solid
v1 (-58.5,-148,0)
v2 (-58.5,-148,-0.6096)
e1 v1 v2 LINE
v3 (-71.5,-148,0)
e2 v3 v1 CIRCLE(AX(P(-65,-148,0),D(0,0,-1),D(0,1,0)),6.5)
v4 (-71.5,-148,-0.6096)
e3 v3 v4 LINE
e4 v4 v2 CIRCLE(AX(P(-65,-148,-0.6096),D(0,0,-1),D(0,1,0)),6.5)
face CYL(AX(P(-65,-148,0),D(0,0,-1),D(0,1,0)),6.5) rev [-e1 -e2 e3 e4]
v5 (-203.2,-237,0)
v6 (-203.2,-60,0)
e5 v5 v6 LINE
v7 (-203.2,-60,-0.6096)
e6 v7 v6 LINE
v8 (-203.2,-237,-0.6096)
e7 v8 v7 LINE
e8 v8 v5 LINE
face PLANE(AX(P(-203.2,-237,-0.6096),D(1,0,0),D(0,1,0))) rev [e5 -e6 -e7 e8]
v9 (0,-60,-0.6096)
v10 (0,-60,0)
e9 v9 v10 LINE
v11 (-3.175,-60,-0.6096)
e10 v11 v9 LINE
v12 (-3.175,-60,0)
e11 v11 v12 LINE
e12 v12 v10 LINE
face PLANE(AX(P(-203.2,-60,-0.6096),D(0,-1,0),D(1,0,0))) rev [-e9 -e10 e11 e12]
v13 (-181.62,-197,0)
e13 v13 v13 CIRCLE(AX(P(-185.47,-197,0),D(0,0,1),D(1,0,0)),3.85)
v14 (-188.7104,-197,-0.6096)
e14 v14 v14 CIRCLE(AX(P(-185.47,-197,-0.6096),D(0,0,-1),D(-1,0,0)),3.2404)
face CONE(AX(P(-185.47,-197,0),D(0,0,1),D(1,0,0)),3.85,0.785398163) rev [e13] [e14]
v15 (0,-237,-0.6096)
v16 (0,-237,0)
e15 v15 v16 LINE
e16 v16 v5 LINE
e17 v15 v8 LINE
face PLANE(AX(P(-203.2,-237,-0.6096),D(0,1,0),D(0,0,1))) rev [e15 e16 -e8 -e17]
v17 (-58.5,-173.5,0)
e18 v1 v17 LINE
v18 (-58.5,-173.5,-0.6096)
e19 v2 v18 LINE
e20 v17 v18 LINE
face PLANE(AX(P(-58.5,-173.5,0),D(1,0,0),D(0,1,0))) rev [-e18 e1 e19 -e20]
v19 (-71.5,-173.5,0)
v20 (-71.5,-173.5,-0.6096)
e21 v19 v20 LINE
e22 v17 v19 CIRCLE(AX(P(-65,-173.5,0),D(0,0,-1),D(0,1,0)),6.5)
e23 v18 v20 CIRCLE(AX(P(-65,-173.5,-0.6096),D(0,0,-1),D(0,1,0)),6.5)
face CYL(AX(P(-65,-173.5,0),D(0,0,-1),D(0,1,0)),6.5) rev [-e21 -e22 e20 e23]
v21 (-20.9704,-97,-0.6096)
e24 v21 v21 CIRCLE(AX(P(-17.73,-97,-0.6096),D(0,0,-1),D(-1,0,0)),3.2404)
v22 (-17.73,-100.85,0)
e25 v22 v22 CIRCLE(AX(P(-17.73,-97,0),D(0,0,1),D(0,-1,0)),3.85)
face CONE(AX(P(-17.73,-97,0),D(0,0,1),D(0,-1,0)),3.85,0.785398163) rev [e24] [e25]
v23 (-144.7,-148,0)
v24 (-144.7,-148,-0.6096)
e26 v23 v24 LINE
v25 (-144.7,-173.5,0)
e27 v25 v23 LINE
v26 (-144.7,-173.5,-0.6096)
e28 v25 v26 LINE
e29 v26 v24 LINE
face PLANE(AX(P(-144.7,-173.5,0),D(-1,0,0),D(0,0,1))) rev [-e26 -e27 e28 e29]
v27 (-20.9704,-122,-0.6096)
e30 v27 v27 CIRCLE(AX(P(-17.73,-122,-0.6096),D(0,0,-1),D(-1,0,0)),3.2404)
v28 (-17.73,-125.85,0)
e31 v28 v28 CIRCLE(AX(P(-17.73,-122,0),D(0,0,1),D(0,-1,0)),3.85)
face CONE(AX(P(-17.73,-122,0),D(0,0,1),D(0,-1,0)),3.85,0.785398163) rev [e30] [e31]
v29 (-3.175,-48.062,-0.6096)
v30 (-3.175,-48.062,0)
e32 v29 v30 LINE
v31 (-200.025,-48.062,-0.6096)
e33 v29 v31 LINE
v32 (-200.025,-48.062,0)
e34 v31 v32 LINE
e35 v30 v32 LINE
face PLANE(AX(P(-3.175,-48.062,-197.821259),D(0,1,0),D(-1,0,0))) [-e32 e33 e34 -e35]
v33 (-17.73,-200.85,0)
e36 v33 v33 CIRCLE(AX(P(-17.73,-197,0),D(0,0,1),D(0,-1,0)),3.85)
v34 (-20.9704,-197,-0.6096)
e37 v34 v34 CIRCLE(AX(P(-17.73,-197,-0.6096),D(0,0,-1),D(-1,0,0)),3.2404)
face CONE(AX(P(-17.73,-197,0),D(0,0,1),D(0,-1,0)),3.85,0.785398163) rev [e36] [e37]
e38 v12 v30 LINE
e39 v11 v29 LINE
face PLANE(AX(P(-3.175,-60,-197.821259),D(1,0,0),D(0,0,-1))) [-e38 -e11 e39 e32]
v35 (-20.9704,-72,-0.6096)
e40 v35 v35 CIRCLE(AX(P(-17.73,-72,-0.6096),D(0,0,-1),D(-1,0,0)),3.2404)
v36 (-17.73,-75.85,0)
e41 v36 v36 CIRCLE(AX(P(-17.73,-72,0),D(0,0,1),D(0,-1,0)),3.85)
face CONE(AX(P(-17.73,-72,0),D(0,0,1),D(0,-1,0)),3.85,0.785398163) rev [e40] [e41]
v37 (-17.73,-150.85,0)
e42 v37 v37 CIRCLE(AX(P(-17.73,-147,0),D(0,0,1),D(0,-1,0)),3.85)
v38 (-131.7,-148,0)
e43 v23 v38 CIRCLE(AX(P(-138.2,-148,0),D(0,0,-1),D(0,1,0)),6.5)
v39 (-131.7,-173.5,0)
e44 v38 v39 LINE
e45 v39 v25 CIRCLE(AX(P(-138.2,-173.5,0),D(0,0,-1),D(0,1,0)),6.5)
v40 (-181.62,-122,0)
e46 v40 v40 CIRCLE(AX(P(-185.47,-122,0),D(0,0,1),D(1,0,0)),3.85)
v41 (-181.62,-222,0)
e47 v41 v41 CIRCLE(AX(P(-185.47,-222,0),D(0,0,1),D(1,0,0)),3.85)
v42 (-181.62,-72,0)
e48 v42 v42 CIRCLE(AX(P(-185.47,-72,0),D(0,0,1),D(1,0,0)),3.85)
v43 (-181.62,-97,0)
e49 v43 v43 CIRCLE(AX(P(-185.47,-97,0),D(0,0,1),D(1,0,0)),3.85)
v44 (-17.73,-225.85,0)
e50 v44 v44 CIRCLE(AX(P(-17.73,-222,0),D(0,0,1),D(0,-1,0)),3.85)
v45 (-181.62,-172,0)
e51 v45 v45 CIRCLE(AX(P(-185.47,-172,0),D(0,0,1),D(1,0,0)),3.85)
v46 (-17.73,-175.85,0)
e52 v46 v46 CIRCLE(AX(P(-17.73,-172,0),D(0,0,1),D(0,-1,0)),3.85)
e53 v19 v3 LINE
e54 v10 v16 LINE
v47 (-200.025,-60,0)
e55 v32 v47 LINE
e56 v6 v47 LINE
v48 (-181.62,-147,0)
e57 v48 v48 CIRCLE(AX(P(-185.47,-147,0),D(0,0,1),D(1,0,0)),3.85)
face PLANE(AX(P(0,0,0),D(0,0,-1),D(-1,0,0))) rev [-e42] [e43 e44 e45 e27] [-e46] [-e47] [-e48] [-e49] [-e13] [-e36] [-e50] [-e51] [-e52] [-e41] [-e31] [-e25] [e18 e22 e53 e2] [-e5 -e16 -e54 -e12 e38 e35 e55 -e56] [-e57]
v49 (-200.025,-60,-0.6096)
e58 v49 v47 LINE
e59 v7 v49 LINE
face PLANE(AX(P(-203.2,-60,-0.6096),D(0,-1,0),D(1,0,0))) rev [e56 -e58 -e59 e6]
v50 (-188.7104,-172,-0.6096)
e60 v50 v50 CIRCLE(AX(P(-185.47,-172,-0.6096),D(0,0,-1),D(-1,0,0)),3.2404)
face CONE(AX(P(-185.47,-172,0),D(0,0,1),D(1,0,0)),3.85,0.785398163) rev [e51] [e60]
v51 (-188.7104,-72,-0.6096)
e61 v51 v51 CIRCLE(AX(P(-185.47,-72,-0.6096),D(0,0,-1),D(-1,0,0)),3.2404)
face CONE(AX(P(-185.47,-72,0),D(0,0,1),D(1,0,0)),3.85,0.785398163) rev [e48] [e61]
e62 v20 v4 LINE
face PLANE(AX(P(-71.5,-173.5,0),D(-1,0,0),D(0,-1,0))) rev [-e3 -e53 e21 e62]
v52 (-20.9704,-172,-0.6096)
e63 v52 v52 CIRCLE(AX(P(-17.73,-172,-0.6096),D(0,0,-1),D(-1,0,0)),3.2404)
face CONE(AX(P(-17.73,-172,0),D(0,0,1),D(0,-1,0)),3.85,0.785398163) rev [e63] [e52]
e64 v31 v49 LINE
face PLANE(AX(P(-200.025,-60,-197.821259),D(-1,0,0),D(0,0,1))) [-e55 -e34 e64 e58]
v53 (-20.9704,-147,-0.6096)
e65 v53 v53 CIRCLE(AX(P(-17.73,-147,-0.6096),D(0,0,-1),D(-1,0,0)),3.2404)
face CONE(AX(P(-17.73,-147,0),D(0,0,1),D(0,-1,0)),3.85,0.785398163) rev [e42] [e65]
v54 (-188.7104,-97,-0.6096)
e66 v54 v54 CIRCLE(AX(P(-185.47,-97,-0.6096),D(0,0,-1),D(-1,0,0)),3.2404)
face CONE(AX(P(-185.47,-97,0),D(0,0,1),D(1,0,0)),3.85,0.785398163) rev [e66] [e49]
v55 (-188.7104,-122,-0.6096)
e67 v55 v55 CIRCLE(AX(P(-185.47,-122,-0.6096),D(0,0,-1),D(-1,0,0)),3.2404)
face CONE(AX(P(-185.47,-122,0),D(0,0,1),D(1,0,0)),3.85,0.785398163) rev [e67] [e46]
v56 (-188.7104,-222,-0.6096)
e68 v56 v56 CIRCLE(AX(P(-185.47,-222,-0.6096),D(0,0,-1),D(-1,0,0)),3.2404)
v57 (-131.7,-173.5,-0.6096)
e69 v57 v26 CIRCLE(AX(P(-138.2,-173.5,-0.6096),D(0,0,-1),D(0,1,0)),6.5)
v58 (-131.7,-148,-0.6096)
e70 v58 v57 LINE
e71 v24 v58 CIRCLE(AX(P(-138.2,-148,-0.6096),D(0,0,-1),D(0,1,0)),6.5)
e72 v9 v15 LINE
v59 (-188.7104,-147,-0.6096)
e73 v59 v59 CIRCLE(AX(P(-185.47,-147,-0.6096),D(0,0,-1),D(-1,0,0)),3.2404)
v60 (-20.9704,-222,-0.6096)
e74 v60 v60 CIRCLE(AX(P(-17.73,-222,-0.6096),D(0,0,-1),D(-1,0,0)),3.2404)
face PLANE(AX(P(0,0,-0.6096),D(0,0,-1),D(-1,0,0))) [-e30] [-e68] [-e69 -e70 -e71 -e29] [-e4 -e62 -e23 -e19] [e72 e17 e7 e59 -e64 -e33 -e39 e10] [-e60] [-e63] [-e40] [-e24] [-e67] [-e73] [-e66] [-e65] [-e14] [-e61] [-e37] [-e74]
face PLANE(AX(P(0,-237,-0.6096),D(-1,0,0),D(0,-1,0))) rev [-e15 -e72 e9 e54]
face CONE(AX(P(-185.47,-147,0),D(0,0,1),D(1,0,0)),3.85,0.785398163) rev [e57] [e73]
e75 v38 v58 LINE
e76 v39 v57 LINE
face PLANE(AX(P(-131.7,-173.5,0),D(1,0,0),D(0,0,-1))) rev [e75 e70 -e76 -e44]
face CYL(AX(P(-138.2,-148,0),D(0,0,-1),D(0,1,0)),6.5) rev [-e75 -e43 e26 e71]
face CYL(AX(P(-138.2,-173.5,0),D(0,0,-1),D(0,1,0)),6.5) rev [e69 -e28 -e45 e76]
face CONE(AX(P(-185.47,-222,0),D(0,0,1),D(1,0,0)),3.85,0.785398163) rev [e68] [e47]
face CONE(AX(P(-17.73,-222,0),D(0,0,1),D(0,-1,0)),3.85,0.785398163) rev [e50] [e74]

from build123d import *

# Parameters (mm, degrees)
SKETCH1_W                                      = 203.2
SKETCH1_H                                      = 177
BOSS_EXTRUDE1_DEPTH                            = 0.6096
CUT_EXTRUDE7_DEPTH                             = 313.185220041
SKETCH4_W                                      = 196.85
SKETCH4_H                                      = 0.6096
BOSS_EXTRUDE2_DEPTH                            = 12
SKETCH14_W                                     = 196.85
SKETCH14_H                                     = 11.938
BOSS_EXTRUDE3_DEPTH                            = 0.6096
SKETCH13_W                                     = 196.85
SKETCH13_H                                     = 0.6096
CUT_EXTRUDE9_DEPTH                             = 12
CSK_FOR_M3_FLAT_HEAD_MACHINE_SCREW3_AT_2_COUNT = 2
CSK_FOR_M3_FLAT_HEAD_MACHINE_SCREW3_AT_2_PITCH = 25
CSK_FOR_M3_FLAT_HEAD_MACHINE_SCREW3_AT_3_COUNT = 2
CSK_FOR_M3_FLAT_HEAD_MACHINE_SCREW3_AT_3_PITCH = 50
CSK_FOR_M3_FLAT_HEAD_MACHINE_SCREW3_AT_4_COUNT = 2
CSK_FOR_M3_FLAT_HEAD_MACHINE_SCREW3_AT_4_PITCH = 75
CSK_FOR_M3_FLAT_HEAD_MACHINE_SCREW3_AT_5_COUNT = 2
CSK_FOR_M3_FLAT_HEAD_MACHINE_SCREW3_AT_5_PITCH = 100
CSK_FOR_M3_FLAT_HEAD_MACHINE_SCREW3_AT_6_COUNT = 2
CSK_FOR_M3_FLAT_HEAD_MACHINE_SCREW3_AT_6_PITCH = 125
CSK_FOR_M3_FLAT_HEAD_MACHINE_SCREW3_AT_7_COUNT = 2
CSK_FOR_M3_FLAT_HEAD_MACHINE_SCREW3_AT_7_PITCH = 150


with BuildPart() as part:
    # Sketch1 → Boss-Extrude1 (new body)
    with BuildSketch(Plane(origin=(0, 0, 0), x_dir=(1, 0, 0), z_dir=(0, 0, -1))):
        with Locations((-101.6, 148.5)):
            Rectangle(SKETCH1_W, SKETCH1_H)
    extrude(amount=BOSS_EXTRUDE1_DEPTH)

    # Sketch2 → Cut-Extrude7 (cut, through all)
    with BuildSketch(Plane(origin=(0, 0, -0.6096), x_dir=(1, 0, 0), z_dir=(0, 0, -1))):
        with BuildLine():
            Line((-131.7, 173.5), (-131.7, 148))
            ThreePointArc((-131.7, 148), (-138.2, 141.5), (-144.7, 148))
            Line((-144.7, 148), (-144.7, 173.5))
            ThreePointArc((-144.7, 173.5), (-138.2, 180), (-131.7, 173.5))
        make_face()
        with BuildLine():
            Line((-58.5, 173.5), (-58.5, 148))
            ThreePointArc((-58.5, 148), (-65, 141.5), (-71.5, 148))
            Line((-71.5, 148), (-71.5, 173.5))
            ThreePointArc((-71.5, 173.5), (-65, 180), (-58.5, 173.5))
        make_face()
    extrude(amount=-CUT_EXTRUDE7_DEPTH, mode=Mode.SUBTRACT)

    # Sketch4 → Boss-Extrude2 (add)
    with BuildSketch(Plane.XY):
        with Locations((-101.6, -60.3048)):
            Rectangle(SKETCH4_W, SKETCH4_H)
    extrude(amount=BOSS_EXTRUDE2_DEPTH)

    # Sketch14 → Boss-Extrude3 (add)
    with BuildSketch(Plane.XY):
        with Locations((-101.6, -54.031)):
            Rectangle(SKETCH14_W, SKETCH14_H)
    extrude(amount=-BOSS_EXTRUDE3_DEPTH)

    # Sketch13 → Cut-Extrude9 (cut)
    with BuildSketch(Plane.XY.offset(12)):
        with Locations((-101.6, -60.3048)):
            Rectangle(SKETCH13_W, SKETCH13_H)
    extrude(amount=-CUT_EXTRUDE9_DEPTH, mode=Mode.SUBTRACT)

    # Sketch16 → CSK for M3 Flat Head Machine Screw3 (revolve, cut)
    with BuildSketch(Plane(origin=(-185.47, -222, 0), x_dir=(0, -1, 0), z_dir=(1, 0, 0))):
        Polygon((0, 0), (0, 0.6096), (1.7, 0.6096), (1.7, 2.15), (3.85, 0), align=None)
    csk_for_m3_flat_head_machine_screw3 = revolve(axis=Axis((-185.47, -222, 6.35), (0, 0, -1)), mode=Mode.SUBTRACT)

    # CSK for M3 Flat Head Machine Screw3 at 2: CSK for M3 Flat Head Machine Screw3 ×2
    with Locations(*[(0, i * CSK_FOR_M3_FLAT_HEAD_MACHINE_SCREW3_AT_2_PITCH, 0) for i in range(1, CSK_FOR_M3_FLAT_HEAD_MACHINE_SCREW3_AT_2_COUNT)]):
        add(csk_for_m3_flat_head_machine_screw3, mode=Mode.SUBTRACT)

    # CSK for M3 Flat Head Machine Screw3 at 3: CSK for M3 Flat Head Machine Screw3 ×2
    with Locations(*[(0, i * CSK_FOR_M3_FLAT_HEAD_MACHINE_SCREW3_AT_3_PITCH, 0) for i in range(1, CSK_FOR_M3_FLAT_HEAD_MACHINE_SCREW3_AT_3_COUNT)]):
        add(csk_for_m3_flat_head_machine_screw3, mode=Mode.SUBTRACT)

    # CSK for M3 Flat Head Machine Screw3 at 4: CSK for M3 Flat Head Machine Screw3 ×2
    with Locations(*[(0, i * CSK_FOR_M3_FLAT_HEAD_MACHINE_SCREW3_AT_4_PITCH, 0) for i in range(1, CSK_FOR_M3_FLAT_HEAD_MACHINE_SCREW3_AT_4_COUNT)]):
        add(csk_for_m3_flat_head_machine_screw3, mode=Mode.SUBTRACT)

    # CSK for M3 Flat Head Machine Screw3 at 5: CSK for M3 Flat Head Machine Screw3 ×2
    with Locations(*[(0, i * CSK_FOR_M3_FLAT_HEAD_MACHINE_SCREW3_AT_5_PITCH, 0) for i in range(1, CSK_FOR_M3_FLAT_HEAD_MACHINE_SCREW3_AT_5_COUNT)]):
        add(csk_for_m3_flat_head_machine_screw3, mode=Mode.SUBTRACT)

    # CSK for M3 Flat Head Machine Screw3 at 6: CSK for M3 Flat Head Machine Screw3 ×2
    with Locations(*[(0, i * CSK_FOR_M3_FLAT_HEAD_MACHINE_SCREW3_AT_6_PITCH, 0) for i in range(1, CSK_FOR_M3_FLAT_HEAD_MACHINE_SCREW3_AT_6_COUNT)]):
        add(csk_for_m3_flat_head_machine_screw3, mode=Mode.SUBTRACT)

    # CSK for M3 Flat Head Machine Screw3 at 7: CSK for M3 Flat Head Machine Screw3 ×2
    with Locations(*[(0, i * CSK_FOR_M3_FLAT_HEAD_MACHINE_SCREW3_AT_7_PITCH, 0) for i in range(1, CSK_FOR_M3_FLAT_HEAD_MACHINE_SCREW3_AT_7_COUNT)]):
        add(csk_for_m3_flat_head_machine_screw3, mode=Mode.SUBTRACT)

    # Mirror1: CSK for M3 Flat Head Machine Screw3 across plane
    add(csk_for_m3_flat_head_machine_screw3.mirror(Plane.ZY.offset(101.599999995)), mode=Mode.SUBTRACT)

    # Mirror1 copy 1 sketch → Mirror1 copy 1 (revolve, cut)
    with BuildSketch(Plane(origin=(-17.729999998, -197.000000003, 0), x_dir=(-3.839898042745385e-11, -1.0, 0), z_dir=(-1.0, 3.839898042745385e-11, 0))):
        Polygon((0, 0), (0, -0.6096), (1.7, -0.6096), (1.7, -2.15), (3.85, 0), align=None)
    revolve(axis=Axis((-17.729999998, -197.000000003, 6.35), (0, 0, 1)), mode=Mode.SUBTRACT)

    # Mirror1 copy 2 sketch → Mirror1 copy 2 (revolve, cut)
    with BuildSketch(Plane(origin=(-17.729999998, -172.000000003, 0), x_dir=(-3.839898042745385e-11, -1.0, 0), z_dir=(-1.0, 3.839898042745385e-11, 0))):
        Polygon((0, 0), (0, -0.6096), (1.7, -0.6096), (1.7, -2.15), (3.85, 0), align=None)
    revolve(axis=Axis((-17.729999998, -172.000000003, 6.35), (0, 0, 1)), mode=Mode.SUBTRACT)

    # Mirror1 copy 3 sketch → Mirror1 copy 3 (revolve, cut)
    with BuildSketch(Plane(origin=(-17.729999997, -147.000000003, 0), x_dir=(-3.839898042745385e-11, -1.0, 0), z_dir=(-1.0, 3.839898042745385e-11, 0))):
        Polygon((0, 0), (0, -0.6096), (1.7, -0.6096), (1.7, -2.15), (3.85, 0), align=None)
    revolve(axis=Axis((-17.729999997, -147.000000003, 6.35), (0, 0, 1)), mode=Mode.SUBTRACT)

    # Mirror1 copy 4 sketch → Mirror1 copy 4 (revolve, cut)
    with BuildSketch(Plane(origin=(-17.729999996, -122.000000003, 0), x_dir=(-3.839898042745385e-11, -1.0, 0), z_dir=(-1.0, 3.839898042745385e-11, 0))):
        Polygon((0, 0), (0, -0.6096), (1.7, -0.6096), (1.7, -2.15), (3.85, 0), align=None)
    revolve(axis=Axis((-17.729999996, -122.000000003, 6.35), (0, 0, 1)), mode=Mode.SUBTRACT)

    # Mirror1 copy 5 sketch → Mirror1 copy 5 (revolve, cut)
    with BuildSketch(Plane(origin=(-17.729999995, -97.000000003, 0), x_dir=(-3.839898042745385e-11, -1.0, 0), z_dir=(-1.0, 3.839898042745385e-11, 0))):
        Polygon((0, 0), (0, -0.6096), (1.7, -0.6096), (1.7, -2.15), (3.85, 0), align=None)
    revolve(axis=Axis((-17.729999995, -97.000000003, 6.35), (0, 0, 1)), mode=Mode.SUBTRACT)

    # Mirror1 copy 6 sketch → Mirror1 copy 6 (revolve, cut)
    with BuildSketch(Plane(origin=(-17.729999994, -72.000000003, 0), x_dir=(-3.839898042745385e-11, -1.0, 0), z_dir=(-1.0, 3.839898042745385e-11, 0))):
        Polygon((0, 0), (0, -0.6096), (1.7, -0.6096), (1.7, -2.15), (3.85, 0), align=None)
    revolve(axis=Axis((-17.729999994, -72.000000003, 6.35), (0, 0, 1)), mode=Mode.SUBTRACT)


solid = part.part
